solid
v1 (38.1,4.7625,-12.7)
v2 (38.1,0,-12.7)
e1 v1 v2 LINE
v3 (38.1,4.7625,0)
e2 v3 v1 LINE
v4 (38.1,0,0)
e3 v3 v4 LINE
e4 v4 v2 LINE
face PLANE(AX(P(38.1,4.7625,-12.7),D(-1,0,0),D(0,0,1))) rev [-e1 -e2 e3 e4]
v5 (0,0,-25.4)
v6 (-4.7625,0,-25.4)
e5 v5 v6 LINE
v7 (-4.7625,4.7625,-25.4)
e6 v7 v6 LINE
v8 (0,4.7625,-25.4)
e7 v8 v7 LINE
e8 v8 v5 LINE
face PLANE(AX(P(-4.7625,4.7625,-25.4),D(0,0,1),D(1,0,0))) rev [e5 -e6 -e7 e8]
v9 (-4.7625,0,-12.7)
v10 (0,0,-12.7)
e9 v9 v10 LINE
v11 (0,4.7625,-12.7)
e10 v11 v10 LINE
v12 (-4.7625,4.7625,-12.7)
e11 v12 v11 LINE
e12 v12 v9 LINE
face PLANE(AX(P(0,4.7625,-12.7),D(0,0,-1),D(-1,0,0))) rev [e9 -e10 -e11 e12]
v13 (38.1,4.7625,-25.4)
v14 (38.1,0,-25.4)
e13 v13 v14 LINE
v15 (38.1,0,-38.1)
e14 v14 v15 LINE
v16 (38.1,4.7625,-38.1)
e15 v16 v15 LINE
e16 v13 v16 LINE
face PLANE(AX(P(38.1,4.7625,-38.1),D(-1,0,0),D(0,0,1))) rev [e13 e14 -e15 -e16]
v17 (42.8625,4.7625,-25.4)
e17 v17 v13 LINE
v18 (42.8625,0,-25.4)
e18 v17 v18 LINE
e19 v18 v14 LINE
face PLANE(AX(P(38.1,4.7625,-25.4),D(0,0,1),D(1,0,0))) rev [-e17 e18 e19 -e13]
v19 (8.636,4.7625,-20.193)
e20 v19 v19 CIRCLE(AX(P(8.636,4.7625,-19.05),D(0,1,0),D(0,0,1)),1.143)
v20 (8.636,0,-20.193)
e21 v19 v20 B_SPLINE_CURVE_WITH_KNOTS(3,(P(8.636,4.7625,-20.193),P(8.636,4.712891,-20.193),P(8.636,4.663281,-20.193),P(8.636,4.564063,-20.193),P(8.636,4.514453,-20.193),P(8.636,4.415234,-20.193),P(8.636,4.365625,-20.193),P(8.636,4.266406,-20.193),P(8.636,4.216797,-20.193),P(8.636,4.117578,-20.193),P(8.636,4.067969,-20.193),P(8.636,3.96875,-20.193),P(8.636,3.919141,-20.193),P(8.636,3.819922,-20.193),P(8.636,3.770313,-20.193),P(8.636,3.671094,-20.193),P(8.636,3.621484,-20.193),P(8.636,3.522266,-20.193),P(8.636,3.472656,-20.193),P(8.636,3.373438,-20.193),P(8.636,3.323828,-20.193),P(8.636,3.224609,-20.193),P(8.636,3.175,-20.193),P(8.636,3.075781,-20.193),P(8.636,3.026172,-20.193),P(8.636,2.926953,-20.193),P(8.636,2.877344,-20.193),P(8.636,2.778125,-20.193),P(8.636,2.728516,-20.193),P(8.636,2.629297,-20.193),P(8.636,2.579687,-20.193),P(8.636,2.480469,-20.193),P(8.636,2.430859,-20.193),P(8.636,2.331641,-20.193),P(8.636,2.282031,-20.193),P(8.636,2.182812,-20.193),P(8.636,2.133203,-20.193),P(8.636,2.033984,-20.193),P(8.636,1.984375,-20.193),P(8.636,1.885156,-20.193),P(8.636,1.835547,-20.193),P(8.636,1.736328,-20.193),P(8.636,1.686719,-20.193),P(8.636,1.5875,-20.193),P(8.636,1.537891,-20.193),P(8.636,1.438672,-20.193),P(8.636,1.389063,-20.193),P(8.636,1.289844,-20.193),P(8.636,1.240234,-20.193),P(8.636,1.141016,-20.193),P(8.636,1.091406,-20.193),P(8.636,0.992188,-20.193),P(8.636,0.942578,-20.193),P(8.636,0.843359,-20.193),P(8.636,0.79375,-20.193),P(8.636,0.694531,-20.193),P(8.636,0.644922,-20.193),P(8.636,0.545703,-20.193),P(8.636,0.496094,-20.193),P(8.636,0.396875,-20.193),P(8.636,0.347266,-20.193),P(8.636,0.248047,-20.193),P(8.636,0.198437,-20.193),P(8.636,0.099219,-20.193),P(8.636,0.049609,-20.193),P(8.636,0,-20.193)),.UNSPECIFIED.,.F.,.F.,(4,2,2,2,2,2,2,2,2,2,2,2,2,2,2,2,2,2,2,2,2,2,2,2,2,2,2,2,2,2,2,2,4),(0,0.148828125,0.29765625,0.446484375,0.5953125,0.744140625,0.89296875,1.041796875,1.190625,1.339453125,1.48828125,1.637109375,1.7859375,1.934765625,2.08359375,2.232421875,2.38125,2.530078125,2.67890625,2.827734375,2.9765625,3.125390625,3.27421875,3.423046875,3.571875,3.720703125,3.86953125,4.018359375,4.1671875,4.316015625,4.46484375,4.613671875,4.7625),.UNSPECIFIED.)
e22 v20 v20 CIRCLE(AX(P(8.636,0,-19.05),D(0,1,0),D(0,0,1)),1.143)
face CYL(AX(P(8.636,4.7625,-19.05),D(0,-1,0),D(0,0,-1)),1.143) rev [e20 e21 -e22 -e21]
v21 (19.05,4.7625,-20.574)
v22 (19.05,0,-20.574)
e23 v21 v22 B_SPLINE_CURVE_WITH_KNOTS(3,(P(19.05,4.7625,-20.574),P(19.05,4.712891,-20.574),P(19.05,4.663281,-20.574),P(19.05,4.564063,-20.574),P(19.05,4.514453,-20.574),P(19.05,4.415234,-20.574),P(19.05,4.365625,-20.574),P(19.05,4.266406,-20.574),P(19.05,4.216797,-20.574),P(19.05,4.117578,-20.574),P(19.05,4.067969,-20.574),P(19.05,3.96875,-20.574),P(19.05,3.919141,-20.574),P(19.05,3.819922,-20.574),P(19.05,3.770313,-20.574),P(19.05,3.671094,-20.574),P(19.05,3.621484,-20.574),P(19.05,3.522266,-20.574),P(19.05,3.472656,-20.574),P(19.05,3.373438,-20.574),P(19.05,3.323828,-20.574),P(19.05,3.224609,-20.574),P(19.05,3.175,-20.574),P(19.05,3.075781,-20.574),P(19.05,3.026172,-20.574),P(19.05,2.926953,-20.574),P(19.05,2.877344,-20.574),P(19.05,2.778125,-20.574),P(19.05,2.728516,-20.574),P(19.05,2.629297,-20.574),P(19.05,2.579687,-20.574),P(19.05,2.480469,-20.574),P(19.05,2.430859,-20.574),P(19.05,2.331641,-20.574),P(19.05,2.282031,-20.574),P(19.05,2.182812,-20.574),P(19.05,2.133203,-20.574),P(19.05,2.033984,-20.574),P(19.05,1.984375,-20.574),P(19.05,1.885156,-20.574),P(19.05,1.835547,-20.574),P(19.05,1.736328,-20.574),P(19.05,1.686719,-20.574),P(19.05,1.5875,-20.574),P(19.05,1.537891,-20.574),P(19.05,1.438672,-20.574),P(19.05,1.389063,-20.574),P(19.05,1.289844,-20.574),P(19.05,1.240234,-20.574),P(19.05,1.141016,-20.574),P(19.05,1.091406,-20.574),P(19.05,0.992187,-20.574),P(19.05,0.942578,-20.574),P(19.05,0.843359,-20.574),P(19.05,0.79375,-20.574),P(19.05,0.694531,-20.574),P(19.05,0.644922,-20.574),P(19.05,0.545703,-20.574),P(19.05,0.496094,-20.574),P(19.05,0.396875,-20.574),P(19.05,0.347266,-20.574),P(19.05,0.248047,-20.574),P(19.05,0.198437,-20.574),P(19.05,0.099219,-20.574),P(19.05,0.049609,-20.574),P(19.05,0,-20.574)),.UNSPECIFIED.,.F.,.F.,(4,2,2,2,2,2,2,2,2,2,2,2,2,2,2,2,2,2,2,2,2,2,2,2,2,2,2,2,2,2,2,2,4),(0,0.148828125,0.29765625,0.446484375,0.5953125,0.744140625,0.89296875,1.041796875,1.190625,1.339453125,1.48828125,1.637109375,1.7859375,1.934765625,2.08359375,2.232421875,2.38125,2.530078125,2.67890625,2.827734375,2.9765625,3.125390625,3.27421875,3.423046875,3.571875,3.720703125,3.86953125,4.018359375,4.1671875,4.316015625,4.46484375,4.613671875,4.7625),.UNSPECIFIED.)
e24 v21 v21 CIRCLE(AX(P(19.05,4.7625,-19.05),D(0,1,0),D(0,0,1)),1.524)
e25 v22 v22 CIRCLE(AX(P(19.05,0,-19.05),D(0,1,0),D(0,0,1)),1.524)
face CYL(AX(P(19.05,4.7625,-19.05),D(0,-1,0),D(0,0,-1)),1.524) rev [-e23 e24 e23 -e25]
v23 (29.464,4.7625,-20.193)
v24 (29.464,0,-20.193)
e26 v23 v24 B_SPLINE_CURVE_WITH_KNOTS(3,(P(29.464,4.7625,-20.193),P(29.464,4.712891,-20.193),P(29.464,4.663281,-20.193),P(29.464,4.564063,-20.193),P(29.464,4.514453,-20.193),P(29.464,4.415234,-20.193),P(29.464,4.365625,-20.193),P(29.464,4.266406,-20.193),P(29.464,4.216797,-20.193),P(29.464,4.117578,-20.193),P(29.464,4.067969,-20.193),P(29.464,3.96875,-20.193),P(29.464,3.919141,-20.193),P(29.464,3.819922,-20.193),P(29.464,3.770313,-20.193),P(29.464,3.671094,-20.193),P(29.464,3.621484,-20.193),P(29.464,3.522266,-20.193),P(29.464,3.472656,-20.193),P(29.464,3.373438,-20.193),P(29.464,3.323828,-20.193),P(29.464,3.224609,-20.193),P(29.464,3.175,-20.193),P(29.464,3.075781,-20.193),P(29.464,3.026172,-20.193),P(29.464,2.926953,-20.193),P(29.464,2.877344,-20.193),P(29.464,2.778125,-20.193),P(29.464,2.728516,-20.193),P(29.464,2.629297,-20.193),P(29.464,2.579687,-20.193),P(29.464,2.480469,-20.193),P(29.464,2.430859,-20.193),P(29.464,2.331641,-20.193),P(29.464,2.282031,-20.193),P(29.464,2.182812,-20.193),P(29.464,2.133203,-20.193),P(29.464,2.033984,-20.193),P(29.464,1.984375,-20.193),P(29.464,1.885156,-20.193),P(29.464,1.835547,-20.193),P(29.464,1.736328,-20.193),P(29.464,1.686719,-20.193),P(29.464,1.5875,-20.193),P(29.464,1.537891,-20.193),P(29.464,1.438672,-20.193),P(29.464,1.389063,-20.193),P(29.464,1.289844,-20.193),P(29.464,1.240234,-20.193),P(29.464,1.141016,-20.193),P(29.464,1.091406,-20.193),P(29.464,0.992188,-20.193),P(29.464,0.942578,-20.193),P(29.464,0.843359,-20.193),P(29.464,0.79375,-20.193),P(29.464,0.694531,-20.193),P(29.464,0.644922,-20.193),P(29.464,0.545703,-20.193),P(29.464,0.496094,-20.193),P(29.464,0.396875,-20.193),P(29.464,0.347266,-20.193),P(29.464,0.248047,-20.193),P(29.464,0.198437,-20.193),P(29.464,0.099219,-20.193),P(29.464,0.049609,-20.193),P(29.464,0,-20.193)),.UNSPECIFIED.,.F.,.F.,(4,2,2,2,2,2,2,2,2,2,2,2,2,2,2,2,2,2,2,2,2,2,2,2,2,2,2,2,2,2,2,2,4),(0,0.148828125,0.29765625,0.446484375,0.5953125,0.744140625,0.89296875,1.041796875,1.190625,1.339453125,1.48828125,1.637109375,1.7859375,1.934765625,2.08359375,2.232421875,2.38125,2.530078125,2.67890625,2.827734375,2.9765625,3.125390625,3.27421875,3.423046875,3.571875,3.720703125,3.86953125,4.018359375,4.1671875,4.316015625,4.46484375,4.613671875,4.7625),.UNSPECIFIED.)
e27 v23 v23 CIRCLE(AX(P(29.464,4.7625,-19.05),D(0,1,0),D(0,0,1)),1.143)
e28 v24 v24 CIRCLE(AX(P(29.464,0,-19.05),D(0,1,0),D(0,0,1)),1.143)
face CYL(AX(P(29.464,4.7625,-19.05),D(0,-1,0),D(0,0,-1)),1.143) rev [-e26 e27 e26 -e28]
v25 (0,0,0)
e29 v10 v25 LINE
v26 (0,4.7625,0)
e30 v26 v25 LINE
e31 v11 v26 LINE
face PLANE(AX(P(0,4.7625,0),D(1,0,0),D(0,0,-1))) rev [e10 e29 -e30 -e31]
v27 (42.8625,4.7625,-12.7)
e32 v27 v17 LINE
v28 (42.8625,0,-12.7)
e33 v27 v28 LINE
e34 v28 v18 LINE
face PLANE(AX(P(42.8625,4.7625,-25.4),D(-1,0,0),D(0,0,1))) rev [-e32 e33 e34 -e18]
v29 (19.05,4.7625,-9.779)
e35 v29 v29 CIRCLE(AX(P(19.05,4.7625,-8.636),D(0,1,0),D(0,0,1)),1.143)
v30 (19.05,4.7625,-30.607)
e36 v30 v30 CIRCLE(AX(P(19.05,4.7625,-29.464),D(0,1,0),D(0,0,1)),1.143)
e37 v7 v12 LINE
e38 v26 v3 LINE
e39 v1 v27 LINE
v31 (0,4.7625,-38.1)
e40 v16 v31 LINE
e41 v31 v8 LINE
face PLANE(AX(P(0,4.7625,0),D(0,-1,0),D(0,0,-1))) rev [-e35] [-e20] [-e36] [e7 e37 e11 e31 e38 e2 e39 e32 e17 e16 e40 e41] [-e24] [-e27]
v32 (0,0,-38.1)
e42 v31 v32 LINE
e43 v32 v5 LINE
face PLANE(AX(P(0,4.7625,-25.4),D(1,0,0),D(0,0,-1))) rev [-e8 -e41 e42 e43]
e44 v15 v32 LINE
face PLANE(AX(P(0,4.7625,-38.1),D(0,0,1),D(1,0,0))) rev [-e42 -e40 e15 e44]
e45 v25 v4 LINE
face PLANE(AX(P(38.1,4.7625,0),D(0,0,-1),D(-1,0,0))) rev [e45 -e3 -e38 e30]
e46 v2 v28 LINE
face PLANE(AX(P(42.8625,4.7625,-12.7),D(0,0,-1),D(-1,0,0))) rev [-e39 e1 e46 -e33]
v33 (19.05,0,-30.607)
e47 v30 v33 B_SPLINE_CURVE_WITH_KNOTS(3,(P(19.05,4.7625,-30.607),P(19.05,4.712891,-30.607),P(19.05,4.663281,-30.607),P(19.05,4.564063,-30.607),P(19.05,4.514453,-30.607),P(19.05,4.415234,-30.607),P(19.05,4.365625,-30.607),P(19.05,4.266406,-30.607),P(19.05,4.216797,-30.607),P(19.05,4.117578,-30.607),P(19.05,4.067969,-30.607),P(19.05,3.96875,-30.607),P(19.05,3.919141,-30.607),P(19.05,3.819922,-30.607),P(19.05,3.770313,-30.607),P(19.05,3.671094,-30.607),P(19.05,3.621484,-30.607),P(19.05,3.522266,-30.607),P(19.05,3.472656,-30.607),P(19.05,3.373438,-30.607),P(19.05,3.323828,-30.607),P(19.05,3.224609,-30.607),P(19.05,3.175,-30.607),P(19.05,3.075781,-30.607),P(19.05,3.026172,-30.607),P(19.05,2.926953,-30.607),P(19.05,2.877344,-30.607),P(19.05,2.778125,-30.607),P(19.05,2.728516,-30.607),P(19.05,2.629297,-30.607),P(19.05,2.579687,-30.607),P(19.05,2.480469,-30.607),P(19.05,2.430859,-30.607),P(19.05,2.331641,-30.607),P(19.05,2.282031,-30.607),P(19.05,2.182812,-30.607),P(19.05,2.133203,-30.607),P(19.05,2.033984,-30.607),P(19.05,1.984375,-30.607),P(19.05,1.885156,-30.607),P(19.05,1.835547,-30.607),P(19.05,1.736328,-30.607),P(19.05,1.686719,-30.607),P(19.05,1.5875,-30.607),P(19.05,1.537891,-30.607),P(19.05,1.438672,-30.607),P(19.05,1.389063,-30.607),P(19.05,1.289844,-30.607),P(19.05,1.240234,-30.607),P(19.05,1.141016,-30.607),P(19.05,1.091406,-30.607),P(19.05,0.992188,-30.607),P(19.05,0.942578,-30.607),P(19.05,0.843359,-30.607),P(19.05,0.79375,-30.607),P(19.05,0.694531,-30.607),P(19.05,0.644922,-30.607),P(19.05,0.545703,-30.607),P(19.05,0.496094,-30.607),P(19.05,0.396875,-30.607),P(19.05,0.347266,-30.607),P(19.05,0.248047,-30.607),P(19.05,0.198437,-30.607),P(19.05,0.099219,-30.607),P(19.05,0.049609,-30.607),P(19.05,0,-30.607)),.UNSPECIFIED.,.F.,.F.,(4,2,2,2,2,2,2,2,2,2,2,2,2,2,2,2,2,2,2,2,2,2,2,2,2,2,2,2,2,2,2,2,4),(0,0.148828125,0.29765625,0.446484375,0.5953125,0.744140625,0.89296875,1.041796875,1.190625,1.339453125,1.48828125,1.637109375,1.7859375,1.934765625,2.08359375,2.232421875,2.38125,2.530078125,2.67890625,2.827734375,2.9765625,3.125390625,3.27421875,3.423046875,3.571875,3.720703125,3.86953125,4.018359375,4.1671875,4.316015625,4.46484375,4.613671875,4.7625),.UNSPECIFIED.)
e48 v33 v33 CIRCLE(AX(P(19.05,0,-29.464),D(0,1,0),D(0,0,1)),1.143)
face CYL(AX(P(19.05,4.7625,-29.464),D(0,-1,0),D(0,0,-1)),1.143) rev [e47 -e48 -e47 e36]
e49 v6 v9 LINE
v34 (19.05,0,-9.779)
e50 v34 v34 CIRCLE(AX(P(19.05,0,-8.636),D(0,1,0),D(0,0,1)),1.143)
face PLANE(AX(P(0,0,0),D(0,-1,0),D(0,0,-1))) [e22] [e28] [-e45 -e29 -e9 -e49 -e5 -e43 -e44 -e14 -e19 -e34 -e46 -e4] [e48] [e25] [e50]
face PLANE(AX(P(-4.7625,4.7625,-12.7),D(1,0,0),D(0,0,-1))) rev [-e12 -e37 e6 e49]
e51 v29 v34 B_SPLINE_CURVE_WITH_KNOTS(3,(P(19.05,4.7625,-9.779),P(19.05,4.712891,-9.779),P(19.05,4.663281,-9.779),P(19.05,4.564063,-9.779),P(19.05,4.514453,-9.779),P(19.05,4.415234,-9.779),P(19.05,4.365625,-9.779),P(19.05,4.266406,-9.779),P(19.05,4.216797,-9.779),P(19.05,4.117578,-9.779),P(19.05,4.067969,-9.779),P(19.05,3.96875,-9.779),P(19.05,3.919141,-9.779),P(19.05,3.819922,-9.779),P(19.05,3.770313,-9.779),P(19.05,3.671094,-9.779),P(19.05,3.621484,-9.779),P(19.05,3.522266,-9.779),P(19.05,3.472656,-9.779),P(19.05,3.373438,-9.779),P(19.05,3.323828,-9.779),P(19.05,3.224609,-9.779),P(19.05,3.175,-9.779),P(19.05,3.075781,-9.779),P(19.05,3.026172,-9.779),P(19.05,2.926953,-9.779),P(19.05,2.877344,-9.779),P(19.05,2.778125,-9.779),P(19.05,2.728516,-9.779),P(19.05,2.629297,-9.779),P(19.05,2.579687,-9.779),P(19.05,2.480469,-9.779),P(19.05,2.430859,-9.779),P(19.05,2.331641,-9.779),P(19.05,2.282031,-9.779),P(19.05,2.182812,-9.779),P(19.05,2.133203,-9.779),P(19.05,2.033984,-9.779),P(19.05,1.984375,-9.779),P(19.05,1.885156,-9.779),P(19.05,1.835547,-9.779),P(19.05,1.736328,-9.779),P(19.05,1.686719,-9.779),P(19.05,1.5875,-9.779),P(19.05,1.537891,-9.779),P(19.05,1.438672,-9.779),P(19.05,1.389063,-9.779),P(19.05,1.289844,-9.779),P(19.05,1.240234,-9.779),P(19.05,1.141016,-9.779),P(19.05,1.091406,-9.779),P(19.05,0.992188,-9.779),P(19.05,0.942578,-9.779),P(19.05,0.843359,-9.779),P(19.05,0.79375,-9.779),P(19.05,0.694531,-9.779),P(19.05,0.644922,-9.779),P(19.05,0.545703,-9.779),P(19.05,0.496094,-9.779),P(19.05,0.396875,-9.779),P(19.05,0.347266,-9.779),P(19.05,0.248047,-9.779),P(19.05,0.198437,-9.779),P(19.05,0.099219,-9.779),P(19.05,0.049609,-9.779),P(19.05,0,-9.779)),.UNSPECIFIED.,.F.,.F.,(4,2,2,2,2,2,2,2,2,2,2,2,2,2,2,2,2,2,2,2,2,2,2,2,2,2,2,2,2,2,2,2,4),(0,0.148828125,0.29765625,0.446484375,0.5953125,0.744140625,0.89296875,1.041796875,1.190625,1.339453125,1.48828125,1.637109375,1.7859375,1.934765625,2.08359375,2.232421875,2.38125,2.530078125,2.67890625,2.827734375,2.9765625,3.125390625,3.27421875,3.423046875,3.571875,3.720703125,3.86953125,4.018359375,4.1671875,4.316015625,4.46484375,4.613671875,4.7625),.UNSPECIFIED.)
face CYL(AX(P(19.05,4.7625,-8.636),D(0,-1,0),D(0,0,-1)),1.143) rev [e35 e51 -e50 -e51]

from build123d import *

# Parameters (mm, degrees)
SKETCH1_R           = 1.524
SKETCH1_R_2         = 1.143
BOSS_EXTRUDE1_DEPTH = 4.7625


with BuildPart() as part:
    # Sketch1 → Boss-Extrude1 (new body)
    with BuildSketch(Plane(origin=(0, 0, 0), x_dir=(1, 0, 0), z_dir=(0, 1, 0))):
        Polygon((0, 0), (0, 12.7), (-4.7625, 12.7), (-4.7625, 25.4), (0, 25.4), (0, 38.1), (38.1, 38.1), (38.1, 25.4), (42.8625, 25.4), (42.8625, 12.7), (38.1, 12.7), (38.1, 0), align=None)
        with Locations(Location((19.05, 19.05, 0), (0, 0, 90))):
            Circle(SKETCH1_R, mode=Mode.SUBTRACT)
        with Locations(Location((29.464, 19.05, 0), (0, 0, 90))):
            Circle(SKETCH1_R_2, mode=Mode.SUBTRACT)
        with Locations(Location((19.05, 8.636, 0), (0, 0, 90))):
            Circle(SKETCH1_R_2, mode=Mode.SUBTRACT)
        with Locations(Location((8.636, 19.05, 0), (0, 0, 90))):
            Circle(SKETCH1_R_2, mode=Mode.SUBTRACT)
        with Locations(Location((19.05, 29.464, 0), (0, 0, 90))):
            Circle(SKETCH1_R_2, mode=Mode.SUBTRACT)
    extrude(amount=BOSS_EXTRUDE1_DEPTH)


solid = part.part
